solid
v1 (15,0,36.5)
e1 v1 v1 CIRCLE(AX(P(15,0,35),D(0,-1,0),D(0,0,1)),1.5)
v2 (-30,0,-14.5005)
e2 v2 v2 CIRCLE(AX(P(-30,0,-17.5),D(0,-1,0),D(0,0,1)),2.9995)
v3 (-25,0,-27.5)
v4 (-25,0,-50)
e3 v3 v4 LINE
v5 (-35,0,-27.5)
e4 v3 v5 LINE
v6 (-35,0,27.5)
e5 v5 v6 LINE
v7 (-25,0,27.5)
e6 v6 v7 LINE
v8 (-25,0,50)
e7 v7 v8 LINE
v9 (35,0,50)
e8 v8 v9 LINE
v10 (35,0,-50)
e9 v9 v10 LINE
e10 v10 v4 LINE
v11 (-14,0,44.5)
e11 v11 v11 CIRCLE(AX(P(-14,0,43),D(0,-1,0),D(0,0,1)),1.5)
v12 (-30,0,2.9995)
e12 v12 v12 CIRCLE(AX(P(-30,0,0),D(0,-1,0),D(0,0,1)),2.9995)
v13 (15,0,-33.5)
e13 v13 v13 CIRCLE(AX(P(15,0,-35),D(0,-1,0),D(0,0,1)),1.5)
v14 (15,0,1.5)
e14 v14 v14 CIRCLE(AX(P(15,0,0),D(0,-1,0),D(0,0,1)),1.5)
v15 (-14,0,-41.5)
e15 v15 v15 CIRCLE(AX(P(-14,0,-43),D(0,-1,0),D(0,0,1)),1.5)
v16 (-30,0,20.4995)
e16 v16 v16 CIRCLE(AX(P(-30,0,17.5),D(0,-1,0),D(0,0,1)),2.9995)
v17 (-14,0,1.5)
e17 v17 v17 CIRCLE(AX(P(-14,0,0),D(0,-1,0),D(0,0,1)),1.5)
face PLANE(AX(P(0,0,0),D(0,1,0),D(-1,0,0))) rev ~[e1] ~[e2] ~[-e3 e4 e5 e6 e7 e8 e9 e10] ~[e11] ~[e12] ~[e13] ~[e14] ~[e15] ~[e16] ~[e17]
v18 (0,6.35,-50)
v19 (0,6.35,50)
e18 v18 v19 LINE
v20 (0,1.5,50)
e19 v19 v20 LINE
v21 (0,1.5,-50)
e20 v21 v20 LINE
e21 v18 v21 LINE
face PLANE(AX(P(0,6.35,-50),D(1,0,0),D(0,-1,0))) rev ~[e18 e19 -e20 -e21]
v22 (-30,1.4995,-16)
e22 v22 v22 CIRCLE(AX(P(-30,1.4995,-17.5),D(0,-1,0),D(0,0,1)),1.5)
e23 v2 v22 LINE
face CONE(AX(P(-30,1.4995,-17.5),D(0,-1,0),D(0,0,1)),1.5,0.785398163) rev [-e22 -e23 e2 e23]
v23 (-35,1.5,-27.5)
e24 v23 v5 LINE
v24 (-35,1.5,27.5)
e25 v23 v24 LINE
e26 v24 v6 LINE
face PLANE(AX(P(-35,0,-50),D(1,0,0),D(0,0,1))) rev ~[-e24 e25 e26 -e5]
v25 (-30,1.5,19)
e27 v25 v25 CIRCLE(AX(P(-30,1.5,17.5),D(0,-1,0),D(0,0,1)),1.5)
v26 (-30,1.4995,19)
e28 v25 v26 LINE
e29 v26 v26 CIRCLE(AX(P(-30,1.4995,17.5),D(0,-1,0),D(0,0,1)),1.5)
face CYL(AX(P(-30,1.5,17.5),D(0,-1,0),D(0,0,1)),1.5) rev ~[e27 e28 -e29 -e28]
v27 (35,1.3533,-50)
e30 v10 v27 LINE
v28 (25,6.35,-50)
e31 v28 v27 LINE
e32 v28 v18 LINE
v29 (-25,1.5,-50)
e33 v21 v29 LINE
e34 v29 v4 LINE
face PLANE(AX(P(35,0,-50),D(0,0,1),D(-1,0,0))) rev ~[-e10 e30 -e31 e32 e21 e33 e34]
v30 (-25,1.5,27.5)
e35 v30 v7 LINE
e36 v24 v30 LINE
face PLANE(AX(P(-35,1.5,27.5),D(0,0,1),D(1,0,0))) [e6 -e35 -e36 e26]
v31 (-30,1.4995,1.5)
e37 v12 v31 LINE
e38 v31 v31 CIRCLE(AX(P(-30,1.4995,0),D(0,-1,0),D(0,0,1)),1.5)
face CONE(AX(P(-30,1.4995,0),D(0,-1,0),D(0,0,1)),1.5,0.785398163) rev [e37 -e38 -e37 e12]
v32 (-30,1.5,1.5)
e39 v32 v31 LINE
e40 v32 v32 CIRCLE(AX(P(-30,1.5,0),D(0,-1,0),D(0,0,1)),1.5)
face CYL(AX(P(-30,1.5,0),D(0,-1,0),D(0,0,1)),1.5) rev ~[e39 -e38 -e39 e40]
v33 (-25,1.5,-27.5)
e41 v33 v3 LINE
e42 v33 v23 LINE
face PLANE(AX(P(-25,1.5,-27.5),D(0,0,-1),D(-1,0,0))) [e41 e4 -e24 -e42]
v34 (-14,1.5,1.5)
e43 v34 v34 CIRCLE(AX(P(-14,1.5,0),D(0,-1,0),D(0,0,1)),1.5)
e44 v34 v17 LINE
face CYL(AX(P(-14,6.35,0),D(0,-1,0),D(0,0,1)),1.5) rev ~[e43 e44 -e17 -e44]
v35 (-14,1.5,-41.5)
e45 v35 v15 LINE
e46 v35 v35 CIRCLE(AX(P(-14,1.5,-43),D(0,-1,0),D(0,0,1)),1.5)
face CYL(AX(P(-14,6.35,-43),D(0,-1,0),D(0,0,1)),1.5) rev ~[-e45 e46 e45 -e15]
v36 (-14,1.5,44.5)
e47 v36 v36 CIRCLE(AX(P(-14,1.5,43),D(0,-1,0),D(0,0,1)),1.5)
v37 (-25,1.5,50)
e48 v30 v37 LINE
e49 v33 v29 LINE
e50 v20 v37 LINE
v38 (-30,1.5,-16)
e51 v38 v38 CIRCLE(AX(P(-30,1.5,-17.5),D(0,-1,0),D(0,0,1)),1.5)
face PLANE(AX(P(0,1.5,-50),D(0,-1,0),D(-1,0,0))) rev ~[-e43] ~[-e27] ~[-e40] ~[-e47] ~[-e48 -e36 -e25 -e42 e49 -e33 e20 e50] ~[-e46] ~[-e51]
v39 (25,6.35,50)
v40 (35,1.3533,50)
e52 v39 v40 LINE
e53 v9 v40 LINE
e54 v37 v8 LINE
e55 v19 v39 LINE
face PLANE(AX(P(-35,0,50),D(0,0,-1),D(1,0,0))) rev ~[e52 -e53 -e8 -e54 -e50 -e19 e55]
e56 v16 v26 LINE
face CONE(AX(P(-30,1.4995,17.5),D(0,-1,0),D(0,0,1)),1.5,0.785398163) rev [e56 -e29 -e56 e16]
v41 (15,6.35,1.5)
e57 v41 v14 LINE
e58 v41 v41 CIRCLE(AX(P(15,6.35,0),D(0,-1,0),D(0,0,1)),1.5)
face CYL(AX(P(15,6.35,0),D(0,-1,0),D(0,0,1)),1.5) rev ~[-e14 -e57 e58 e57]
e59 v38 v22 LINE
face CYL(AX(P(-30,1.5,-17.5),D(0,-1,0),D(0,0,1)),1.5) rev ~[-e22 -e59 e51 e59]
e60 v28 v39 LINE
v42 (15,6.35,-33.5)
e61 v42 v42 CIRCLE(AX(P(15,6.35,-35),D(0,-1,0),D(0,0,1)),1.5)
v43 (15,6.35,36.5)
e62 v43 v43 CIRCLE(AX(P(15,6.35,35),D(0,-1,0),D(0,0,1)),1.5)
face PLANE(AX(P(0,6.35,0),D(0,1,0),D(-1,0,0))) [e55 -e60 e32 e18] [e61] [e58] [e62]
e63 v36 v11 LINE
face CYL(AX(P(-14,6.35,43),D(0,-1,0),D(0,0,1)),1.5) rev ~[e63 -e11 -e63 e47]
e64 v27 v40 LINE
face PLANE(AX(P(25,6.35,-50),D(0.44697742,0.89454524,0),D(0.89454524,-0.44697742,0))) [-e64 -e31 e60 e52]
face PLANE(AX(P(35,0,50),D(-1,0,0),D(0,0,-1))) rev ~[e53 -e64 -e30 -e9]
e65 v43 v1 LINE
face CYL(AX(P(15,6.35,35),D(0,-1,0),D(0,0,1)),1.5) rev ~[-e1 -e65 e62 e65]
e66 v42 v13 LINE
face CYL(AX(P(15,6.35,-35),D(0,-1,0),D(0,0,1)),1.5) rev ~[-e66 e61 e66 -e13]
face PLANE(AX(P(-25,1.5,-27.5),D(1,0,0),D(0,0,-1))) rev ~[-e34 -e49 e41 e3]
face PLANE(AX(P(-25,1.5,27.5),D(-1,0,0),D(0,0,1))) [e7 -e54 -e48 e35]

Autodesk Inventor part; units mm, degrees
ref_plane "YZ Plane" through (0, 0, 0) normal (1, 0, 0) x (0, 1, 0)
ref_plane "XZ Plane" through (0, 0, 0) normal (0, 1, 0) x (-1, 0, 0)
ref_plane "XY Plane" through (0, 0, 0) normal (0, 0, 1) x (1, 0, 0)
sketch "Esboço1" plane through (0, 0, 0) normal (0, 1, 0) x (-1, 0, 0)
  line L0 (-35, -50) -> (35, -50)
  line L1 (35, -50) -> (35, 50)
  line L2 (35, 50) -> (-35, 50)
  line L3 (-35, 50) -> (-35, -50)
  line L4 (-35, -50) -> (35, 50) construction
  line L5 (35, -50) -> (-35, 50) construction
  point P0 (0, 0)
  dimension "d0" = 70
  dimension "d1" = 100
extrude "Extrusão1" add sketch "Esboço1" along normal blind 6.35
sketch "Esboço2" plane through (35, 0, -50) normal (0, 0, -1) x (-1, 0, 0)
  line L0 (10, 6.35) -> (0, 1.3533)
  line L1 (0, 1.3533) -> (37.5, 1.3533) construction
  line L2 (0, 0) -> (0, 6.35) projected
  line L3 (0, 6.35) -> (70, 6.35) projected
  line L4 (0, 0) -> (70, 0) projected
  line L5 (70, 0) -> (70, 6.35) projected
  line L6 (0, 6.35) -> (70, 6.35) projected
  line L7 (0, 0) -> (0, 6.35) projected
  line L8 (10, 6.35) -> (35, 6.35)
  line L9 (70, 6.35) -> (0, 6.35) projected
  line L10 (35, 6.35) -> (35, 1.5)
  line L11 (35, 1.5) -> (70, 1.5)
  line L12 (70, 0) -> (70, 6.35) projected
  point P0 (35, 0)
  point P1 (70, 1.5)
  point P2 (35, 6.35)
  dimension "d7" = 25
  dimension "d8" = 26.55
  dimension "d9" = 1.5
  dimension "d16" = 35
extrude "Extrusão2" cut sketch "Esboço2" against normal through all contours L0 L2 L3 | L3 L5 L11 L10
sketch "Esboço3" plane through (-35, 1.5, -50) normal (0, 1, 0) x (1, 0, 0)
  line L0 (0, -77.5) -> (10, -77.5)
  line L1 (10, -77.5) -> (10, -22.5)
  line L2 (10, -22.5) -> (0, -22.5)
  line L3 (0, -22.5) -> (0, -77.5)
  line L4 (0, -77.5) -> (10, -22.5) construction
  line L5 (10, -77.5) -> (0, -22.5) construction
  line L6 (0, -100) -> (0, 0) projected
  line L7 (35, -100) -> (0, -100) projected
  line L8 (35, 0) -> (35, -100) projected
  line L9 (0, 0) -> (35, 0) projected
  line L10 (0, -100) -> (0, 0) projected
  line L11 (10, -77.5) -> (10, -100)
  line L12 (0, -100) -> (70, -100) projected
  line L13 (10, -22.5) -> (10, 0)
  line L14 (70, 0) -> (0, 0) projected
  point P0 (35, -50)
  point P1 (5, -50)
  point P2 (5, -50)
  point P3 (10, -100)
  dimension "d12" = 10
  dimension "d13" = 55
extrude "Extrusão3" cut sketch "Esboço3" against normal through all contours L0 L11 L7 L6 | L6 L9 L13 L2
sketch "Esboço10" plane through (0, 1.5, 50) normal (0, 1, 0) x (1, 0, 0)
  line L0 (-35, 22.5) -> (-25, 22.5) projected
  line L1 (-25, 77.5) -> (-35, 77.5) projected
  line L2 (0, 0) -> (-25, 0) projected
  line L3 (-25, 22.5) -> (-25, 0) projected
  point P0 (0, 50)
  point P1 (-30, 32.5)
  point P2 (-30, 50)
  point P3 (-30, 67.5)
  dimension "d61" = 10
  dimension "d62" = 10
  dimension "d63" = 50
  dimension "d64" = 5
hole "Furo3" at (-30, 1.5, 17.5) at (-30, 1.5, 0) at (-30, 1.5, -17.5) direction (0, -1, 0) diameter 3 end through all
chamfer "Chanfro1" distance 1.5 angle 45 3 edges at (-30, 0, -19) (-30, 0, -1.5) (-30, 0, 16)
sketch "Esboço11" plane through (0, 6.35, 0) normal (0, 1, 0) x (1, 0, 0)
  line L0 (0, 50) -> (0, -50) projected
  line L1 (25, -50) -> (25, 50) projected
  point P0 (0, 0)
  point P1 (15, -35)
  point P2 (15, 0)
  point P3 (15, 35)
  point P4 (0, 0)
  point P5 (-14, 0)
  point P6 (-14, -43)
  point P7 (-14, 43)
  dimension "d75" = 10
  dimension "d76" = 35
  dimension "d77" = 35
  dimension "d78" = 29
  dimension "d79" = 43
  dimension "d80" = 43
hole "Furo4" at (15, 6.35, 35) at (15, 6.35, 0) at (15, 6.35, -35) at (-14, 6.35, 0) at (-14, 6.35, 43) at (-14, 6.35, -43) direction (0, -1, 0) diameter 3 end through all
equation "\"d62\" = d61"
equation "\"d77\" = d76"
equation "\"d80\" = d79"
properties part number "Base Aço" material "Aço"
